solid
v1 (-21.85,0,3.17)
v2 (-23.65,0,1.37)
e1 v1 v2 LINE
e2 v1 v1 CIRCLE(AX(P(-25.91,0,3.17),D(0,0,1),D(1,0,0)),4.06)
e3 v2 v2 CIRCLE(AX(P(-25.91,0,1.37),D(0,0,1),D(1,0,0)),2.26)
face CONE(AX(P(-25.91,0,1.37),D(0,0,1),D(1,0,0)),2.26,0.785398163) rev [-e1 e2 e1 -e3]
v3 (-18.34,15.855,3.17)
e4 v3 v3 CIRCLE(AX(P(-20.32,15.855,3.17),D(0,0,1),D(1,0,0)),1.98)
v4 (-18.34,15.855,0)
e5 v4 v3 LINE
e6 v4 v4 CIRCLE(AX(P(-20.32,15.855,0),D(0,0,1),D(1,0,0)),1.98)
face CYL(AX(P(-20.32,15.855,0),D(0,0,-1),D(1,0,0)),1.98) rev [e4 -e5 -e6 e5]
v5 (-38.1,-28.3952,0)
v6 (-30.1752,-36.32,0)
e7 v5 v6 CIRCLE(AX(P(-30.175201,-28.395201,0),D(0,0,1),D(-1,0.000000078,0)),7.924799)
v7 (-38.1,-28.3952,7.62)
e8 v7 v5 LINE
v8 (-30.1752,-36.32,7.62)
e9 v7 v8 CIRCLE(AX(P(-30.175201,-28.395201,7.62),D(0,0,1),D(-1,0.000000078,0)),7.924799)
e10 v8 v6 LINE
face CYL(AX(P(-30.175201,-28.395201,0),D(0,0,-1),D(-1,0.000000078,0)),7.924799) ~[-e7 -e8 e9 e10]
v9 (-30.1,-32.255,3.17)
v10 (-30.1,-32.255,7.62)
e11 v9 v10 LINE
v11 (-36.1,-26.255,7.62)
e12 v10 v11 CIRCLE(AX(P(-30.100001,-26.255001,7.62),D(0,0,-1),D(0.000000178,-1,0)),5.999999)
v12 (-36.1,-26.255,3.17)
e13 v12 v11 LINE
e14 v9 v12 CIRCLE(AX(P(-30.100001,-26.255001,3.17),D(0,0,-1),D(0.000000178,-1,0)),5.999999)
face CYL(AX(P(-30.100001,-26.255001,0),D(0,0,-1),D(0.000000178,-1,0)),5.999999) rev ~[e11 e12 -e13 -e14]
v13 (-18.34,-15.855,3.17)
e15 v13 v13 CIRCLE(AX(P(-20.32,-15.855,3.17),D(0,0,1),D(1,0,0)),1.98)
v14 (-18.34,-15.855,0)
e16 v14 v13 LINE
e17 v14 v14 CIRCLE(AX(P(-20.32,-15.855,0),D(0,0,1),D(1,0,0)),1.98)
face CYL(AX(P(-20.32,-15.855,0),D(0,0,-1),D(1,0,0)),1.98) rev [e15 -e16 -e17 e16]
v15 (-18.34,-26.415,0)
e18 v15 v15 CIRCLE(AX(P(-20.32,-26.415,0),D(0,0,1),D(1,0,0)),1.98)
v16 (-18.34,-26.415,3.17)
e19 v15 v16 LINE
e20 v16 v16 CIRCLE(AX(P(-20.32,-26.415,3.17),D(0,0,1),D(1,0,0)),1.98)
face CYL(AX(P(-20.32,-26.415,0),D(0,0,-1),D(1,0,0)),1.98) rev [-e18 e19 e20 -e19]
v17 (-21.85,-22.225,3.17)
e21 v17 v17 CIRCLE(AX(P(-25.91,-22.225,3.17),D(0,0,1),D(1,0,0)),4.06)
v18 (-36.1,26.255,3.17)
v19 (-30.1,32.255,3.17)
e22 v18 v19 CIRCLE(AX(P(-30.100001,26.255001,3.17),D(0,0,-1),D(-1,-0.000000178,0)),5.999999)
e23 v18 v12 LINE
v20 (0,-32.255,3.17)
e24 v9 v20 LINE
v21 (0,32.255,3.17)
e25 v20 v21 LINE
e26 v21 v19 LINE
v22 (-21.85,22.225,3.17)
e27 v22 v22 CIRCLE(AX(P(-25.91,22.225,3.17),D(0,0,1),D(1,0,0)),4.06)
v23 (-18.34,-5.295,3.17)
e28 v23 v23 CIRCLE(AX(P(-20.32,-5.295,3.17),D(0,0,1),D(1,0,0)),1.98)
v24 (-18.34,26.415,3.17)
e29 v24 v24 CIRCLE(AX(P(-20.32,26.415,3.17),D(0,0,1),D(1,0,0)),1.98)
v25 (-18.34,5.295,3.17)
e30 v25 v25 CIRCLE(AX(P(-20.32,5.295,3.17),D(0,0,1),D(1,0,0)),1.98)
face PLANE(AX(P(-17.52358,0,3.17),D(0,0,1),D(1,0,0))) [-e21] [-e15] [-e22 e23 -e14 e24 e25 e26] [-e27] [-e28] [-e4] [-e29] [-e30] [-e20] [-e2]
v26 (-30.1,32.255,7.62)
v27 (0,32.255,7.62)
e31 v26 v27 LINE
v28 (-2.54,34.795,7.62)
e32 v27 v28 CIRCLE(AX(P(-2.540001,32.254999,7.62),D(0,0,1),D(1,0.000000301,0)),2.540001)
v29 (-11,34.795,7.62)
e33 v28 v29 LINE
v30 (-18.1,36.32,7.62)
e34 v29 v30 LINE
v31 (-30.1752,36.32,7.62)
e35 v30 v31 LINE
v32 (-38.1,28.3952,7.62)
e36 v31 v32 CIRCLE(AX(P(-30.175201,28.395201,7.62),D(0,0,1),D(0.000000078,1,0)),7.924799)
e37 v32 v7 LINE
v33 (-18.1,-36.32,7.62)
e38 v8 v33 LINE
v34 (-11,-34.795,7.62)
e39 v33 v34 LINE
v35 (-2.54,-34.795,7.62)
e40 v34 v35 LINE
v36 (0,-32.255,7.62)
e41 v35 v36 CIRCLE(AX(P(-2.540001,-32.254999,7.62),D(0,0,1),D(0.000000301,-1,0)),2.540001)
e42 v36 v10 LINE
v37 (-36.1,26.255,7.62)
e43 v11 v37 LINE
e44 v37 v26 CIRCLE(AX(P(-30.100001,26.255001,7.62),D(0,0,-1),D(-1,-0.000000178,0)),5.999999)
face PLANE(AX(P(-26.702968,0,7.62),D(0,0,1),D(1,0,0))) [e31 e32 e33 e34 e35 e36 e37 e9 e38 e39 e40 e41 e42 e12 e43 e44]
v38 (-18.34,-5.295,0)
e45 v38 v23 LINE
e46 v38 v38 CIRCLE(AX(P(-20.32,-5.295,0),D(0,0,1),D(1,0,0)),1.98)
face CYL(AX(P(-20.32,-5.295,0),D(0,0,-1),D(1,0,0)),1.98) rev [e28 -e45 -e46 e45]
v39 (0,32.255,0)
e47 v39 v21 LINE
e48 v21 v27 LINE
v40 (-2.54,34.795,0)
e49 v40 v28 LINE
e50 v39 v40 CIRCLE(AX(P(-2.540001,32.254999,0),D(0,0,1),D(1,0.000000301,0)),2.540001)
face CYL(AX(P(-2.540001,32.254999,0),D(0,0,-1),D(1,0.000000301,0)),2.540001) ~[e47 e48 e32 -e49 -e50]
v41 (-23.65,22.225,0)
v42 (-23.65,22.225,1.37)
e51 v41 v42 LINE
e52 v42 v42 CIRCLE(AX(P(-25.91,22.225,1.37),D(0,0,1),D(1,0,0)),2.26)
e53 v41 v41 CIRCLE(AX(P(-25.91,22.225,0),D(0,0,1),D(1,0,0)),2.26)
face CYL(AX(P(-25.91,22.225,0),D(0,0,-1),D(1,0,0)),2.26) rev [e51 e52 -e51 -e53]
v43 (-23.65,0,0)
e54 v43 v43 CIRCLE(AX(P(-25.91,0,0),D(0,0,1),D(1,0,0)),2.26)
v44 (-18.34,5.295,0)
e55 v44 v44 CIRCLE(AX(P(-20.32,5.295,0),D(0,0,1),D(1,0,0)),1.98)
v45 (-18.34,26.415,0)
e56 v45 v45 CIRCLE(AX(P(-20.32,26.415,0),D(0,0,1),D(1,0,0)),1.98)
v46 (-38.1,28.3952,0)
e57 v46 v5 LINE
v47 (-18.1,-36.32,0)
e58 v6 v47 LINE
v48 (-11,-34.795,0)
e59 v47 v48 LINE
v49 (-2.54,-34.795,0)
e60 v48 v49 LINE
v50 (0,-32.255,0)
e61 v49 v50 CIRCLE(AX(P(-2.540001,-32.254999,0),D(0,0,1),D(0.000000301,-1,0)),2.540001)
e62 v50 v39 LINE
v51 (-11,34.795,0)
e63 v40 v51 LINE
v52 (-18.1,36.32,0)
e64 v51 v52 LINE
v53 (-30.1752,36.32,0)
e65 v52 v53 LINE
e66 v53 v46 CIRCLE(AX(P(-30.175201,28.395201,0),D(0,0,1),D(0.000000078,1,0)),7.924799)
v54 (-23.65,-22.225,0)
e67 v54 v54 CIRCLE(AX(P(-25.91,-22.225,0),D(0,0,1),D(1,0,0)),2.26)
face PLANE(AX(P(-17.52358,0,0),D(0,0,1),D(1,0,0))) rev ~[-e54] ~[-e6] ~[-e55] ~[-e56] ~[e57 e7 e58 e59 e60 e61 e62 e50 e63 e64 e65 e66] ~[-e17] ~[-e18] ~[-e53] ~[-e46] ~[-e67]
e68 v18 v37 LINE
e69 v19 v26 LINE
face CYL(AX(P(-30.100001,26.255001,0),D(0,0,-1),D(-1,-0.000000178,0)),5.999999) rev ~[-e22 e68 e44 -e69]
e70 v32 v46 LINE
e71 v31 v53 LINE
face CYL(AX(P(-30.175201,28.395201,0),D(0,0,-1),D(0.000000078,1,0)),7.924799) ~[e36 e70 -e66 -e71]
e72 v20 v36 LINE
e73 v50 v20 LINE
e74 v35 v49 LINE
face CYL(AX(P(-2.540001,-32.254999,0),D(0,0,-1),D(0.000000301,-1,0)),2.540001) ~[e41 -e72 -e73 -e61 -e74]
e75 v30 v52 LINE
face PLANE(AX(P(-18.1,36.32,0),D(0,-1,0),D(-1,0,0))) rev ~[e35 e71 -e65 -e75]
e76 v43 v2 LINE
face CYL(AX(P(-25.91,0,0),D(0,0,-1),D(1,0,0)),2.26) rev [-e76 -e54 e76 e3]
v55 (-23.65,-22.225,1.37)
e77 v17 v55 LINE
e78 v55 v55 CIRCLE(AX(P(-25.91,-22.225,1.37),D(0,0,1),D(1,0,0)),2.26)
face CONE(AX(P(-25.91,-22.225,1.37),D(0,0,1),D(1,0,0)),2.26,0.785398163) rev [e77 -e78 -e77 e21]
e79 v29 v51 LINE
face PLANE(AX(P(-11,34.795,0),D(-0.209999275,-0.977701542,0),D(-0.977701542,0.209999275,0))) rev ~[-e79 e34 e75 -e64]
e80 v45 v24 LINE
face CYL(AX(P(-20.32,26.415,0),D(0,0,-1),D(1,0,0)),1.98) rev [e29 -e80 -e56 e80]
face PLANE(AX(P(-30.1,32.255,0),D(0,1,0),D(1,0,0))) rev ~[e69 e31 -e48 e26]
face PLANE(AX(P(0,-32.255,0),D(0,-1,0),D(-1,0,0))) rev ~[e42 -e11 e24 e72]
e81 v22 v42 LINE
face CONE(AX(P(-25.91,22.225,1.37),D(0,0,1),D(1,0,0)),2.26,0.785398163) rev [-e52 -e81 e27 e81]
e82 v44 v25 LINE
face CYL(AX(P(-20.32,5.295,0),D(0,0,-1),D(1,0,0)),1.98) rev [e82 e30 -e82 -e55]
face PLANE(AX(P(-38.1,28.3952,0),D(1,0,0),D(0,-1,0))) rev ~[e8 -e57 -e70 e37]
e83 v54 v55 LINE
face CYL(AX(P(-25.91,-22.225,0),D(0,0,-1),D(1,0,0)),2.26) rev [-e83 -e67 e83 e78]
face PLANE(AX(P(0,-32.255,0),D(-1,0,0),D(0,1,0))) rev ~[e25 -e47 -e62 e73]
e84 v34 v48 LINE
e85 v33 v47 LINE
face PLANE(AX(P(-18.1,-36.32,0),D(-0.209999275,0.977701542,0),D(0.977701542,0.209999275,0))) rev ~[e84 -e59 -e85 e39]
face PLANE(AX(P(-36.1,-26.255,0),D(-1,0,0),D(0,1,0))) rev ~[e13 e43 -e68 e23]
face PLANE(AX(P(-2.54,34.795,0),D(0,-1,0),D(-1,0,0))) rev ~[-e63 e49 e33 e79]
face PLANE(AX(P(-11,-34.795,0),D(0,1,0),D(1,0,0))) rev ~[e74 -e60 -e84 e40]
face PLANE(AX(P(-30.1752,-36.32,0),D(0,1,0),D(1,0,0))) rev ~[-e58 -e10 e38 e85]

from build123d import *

# Parameters (mm, degrees)
F0_R     = 2.26
F0_R_2   = 1.98
F1_DEPTH = 3.17
F2_DEPTH = 7.62
F3_SIZE  = 1.8


with BuildPart() as f1:
    # F0 (on Top) → F1 (new body)
    with BuildSketch(Plane.XY):
        with BuildLine():
            Line((0, -32.255), (0, 0))
            Line((0, 0), (0, 32.255))
            Line((0, 32.255), (-30.1, 32.255))
            ThreePointArc((-30.1, 32.255), (-34.342641, 30.497641), (-36.1, 26.255))
            Line((-36.1, 26.255), (-36.1, -26.255))
            ThreePointArc((-36.1, -26.255), (-34.342641, -30.497641), (-30.1, -32.255))
            Line((-30.1, -32.255), (0, -32.255))
        make_face()
        with Locations((-25.91, -22.225)):
            Circle(F0_R, mode=Mode.SUBTRACT)
        with Locations((-20.32, -26.415)):
            Circle(F0_R_2, mode=Mode.SUBTRACT)
        with Locations((-20.32, -15.855)):
            Circle(F0_R_2, mode=Mode.SUBTRACT)
        with Locations((-20.32, -5.295)):
            Circle(F0_R_2, mode=Mode.SUBTRACT)
        with Locations((-25.91, 0)):
            Circle(F0_R, mode=Mode.SUBTRACT)
        with Locations((-20.32, 5.295)):
            Circle(F0_R_2, mode=Mode.SUBTRACT)
        with Locations((-20.32, 15.855)):
            Circle(F0_R_2, mode=Mode.SUBTRACT)
        with Locations((-25.91, 22.225)):
            Circle(F0_R, mode=Mode.SUBTRACT)
        with Locations((-20.32, 26.415)):
            Circle(F0_R_2, mode=Mode.SUBTRACT)
        with BuildLine():
            Line((-30.1, 32.255), (0, 32.255))
            ThreePointArc((0, 32.255), (-0.743949, 34.051051), (-2.54, 34.795))
            Line((-2.54, 34.795), (-11, 34.795))
            Line((-11, 34.795), (-18.1, 36.32))
            Line((-18.1, 36.32), (-30.1752, 36.32))
            ThreePointArc((-30.1752, 36.32), (-35.77888, 33.99888), (-38.1, 28.3952))
            Line((-38.1, 28.3952), (-38.1, 0))
            Line((-38.1, 0), (-38.1, -28.3952))
            ThreePointArc((-38.1, -28.3952), (-35.77888, -33.99888), (-30.1752, -36.32))
            Line((-30.1752, -36.32), (-18.1, -36.32))
            Line((-18.1, -36.32), (-11, -34.795))
            Line((-11, -34.795), (-2.54, -34.795))
            ThreePointArc((-2.54, -34.795), (-0.743949, -34.051051), (0, -32.255))
            Line((0, -32.255), (-30.1, -32.255))
            ThreePointArc((-30.1, -32.255), (-34.342641, -30.497641), (-36.1, -26.255))
            Line((-36.1, -26.255), (-36.1, 26.255))
            ThreePointArc((-36.1, 26.255), (-34.342641, 30.497641), (-30.1, 32.255))
        make_face()
    extrude(amount=F1_DEPTH)

    # F0 (on Top) → F2 (join)
    with BuildSketch(Plane.XY):
        with BuildLine():
            Line((-30.1, 32.255), (0, 32.255))
            ThreePointArc((0, 32.255), (-0.743949, 34.051051), (-2.54, 34.795))
            Line((-2.54, 34.795), (-11, 34.795))
            Line((-11, 34.795), (-18.1, 36.32))
            Line((-18.1, 36.32), (-30.1752, 36.32))
            ThreePointArc((-30.1752, 36.32), (-35.77888, 33.99888), (-38.1, 28.3952))
            Line((-38.1, 28.3952), (-38.1, 0))
            Line((-38.1, 0), (-38.1, -28.3952))
            ThreePointArc((-38.1, -28.3952), (-35.77888, -33.99888), (-30.1752, -36.32))
            Line((-30.1752, -36.32), (-18.1, -36.32))
            Line((-18.1, -36.32), (-11, -34.795))
            Line((-11, -34.795), (-2.54, -34.795))
            ThreePointArc((-2.54, -34.795), (-0.743949, -34.051051), (0, -32.255))
            Line((0, -32.255), (-30.1, -32.255))
            ThreePointArc((-30.1, -32.255), (-34.342641, -30.497641), (-36.1, -26.255))
            Line((-36.1, -26.255), (-36.1, 26.255))
            ThreePointArc((-36.1, 26.255), (-34.342641, 30.497641), (-30.1, 32.255))
        make_face()
    extrude(amount=F2_DEPTH)

    # F3
    f3_edges = [f1.edges().sort_by_distance(p)[0] for p in [
        (-28.17, -22.225, 3.17),
        (-28.17, 0, 3.17),
        (-28.17, 22.225, 3.17),
    ]]
    chamfer(f3_edges, length=F3_SIZE)


with BuildPart() as f4_1:
    # F4: copy of F1
    add(f1.part)


solid = f1.part
